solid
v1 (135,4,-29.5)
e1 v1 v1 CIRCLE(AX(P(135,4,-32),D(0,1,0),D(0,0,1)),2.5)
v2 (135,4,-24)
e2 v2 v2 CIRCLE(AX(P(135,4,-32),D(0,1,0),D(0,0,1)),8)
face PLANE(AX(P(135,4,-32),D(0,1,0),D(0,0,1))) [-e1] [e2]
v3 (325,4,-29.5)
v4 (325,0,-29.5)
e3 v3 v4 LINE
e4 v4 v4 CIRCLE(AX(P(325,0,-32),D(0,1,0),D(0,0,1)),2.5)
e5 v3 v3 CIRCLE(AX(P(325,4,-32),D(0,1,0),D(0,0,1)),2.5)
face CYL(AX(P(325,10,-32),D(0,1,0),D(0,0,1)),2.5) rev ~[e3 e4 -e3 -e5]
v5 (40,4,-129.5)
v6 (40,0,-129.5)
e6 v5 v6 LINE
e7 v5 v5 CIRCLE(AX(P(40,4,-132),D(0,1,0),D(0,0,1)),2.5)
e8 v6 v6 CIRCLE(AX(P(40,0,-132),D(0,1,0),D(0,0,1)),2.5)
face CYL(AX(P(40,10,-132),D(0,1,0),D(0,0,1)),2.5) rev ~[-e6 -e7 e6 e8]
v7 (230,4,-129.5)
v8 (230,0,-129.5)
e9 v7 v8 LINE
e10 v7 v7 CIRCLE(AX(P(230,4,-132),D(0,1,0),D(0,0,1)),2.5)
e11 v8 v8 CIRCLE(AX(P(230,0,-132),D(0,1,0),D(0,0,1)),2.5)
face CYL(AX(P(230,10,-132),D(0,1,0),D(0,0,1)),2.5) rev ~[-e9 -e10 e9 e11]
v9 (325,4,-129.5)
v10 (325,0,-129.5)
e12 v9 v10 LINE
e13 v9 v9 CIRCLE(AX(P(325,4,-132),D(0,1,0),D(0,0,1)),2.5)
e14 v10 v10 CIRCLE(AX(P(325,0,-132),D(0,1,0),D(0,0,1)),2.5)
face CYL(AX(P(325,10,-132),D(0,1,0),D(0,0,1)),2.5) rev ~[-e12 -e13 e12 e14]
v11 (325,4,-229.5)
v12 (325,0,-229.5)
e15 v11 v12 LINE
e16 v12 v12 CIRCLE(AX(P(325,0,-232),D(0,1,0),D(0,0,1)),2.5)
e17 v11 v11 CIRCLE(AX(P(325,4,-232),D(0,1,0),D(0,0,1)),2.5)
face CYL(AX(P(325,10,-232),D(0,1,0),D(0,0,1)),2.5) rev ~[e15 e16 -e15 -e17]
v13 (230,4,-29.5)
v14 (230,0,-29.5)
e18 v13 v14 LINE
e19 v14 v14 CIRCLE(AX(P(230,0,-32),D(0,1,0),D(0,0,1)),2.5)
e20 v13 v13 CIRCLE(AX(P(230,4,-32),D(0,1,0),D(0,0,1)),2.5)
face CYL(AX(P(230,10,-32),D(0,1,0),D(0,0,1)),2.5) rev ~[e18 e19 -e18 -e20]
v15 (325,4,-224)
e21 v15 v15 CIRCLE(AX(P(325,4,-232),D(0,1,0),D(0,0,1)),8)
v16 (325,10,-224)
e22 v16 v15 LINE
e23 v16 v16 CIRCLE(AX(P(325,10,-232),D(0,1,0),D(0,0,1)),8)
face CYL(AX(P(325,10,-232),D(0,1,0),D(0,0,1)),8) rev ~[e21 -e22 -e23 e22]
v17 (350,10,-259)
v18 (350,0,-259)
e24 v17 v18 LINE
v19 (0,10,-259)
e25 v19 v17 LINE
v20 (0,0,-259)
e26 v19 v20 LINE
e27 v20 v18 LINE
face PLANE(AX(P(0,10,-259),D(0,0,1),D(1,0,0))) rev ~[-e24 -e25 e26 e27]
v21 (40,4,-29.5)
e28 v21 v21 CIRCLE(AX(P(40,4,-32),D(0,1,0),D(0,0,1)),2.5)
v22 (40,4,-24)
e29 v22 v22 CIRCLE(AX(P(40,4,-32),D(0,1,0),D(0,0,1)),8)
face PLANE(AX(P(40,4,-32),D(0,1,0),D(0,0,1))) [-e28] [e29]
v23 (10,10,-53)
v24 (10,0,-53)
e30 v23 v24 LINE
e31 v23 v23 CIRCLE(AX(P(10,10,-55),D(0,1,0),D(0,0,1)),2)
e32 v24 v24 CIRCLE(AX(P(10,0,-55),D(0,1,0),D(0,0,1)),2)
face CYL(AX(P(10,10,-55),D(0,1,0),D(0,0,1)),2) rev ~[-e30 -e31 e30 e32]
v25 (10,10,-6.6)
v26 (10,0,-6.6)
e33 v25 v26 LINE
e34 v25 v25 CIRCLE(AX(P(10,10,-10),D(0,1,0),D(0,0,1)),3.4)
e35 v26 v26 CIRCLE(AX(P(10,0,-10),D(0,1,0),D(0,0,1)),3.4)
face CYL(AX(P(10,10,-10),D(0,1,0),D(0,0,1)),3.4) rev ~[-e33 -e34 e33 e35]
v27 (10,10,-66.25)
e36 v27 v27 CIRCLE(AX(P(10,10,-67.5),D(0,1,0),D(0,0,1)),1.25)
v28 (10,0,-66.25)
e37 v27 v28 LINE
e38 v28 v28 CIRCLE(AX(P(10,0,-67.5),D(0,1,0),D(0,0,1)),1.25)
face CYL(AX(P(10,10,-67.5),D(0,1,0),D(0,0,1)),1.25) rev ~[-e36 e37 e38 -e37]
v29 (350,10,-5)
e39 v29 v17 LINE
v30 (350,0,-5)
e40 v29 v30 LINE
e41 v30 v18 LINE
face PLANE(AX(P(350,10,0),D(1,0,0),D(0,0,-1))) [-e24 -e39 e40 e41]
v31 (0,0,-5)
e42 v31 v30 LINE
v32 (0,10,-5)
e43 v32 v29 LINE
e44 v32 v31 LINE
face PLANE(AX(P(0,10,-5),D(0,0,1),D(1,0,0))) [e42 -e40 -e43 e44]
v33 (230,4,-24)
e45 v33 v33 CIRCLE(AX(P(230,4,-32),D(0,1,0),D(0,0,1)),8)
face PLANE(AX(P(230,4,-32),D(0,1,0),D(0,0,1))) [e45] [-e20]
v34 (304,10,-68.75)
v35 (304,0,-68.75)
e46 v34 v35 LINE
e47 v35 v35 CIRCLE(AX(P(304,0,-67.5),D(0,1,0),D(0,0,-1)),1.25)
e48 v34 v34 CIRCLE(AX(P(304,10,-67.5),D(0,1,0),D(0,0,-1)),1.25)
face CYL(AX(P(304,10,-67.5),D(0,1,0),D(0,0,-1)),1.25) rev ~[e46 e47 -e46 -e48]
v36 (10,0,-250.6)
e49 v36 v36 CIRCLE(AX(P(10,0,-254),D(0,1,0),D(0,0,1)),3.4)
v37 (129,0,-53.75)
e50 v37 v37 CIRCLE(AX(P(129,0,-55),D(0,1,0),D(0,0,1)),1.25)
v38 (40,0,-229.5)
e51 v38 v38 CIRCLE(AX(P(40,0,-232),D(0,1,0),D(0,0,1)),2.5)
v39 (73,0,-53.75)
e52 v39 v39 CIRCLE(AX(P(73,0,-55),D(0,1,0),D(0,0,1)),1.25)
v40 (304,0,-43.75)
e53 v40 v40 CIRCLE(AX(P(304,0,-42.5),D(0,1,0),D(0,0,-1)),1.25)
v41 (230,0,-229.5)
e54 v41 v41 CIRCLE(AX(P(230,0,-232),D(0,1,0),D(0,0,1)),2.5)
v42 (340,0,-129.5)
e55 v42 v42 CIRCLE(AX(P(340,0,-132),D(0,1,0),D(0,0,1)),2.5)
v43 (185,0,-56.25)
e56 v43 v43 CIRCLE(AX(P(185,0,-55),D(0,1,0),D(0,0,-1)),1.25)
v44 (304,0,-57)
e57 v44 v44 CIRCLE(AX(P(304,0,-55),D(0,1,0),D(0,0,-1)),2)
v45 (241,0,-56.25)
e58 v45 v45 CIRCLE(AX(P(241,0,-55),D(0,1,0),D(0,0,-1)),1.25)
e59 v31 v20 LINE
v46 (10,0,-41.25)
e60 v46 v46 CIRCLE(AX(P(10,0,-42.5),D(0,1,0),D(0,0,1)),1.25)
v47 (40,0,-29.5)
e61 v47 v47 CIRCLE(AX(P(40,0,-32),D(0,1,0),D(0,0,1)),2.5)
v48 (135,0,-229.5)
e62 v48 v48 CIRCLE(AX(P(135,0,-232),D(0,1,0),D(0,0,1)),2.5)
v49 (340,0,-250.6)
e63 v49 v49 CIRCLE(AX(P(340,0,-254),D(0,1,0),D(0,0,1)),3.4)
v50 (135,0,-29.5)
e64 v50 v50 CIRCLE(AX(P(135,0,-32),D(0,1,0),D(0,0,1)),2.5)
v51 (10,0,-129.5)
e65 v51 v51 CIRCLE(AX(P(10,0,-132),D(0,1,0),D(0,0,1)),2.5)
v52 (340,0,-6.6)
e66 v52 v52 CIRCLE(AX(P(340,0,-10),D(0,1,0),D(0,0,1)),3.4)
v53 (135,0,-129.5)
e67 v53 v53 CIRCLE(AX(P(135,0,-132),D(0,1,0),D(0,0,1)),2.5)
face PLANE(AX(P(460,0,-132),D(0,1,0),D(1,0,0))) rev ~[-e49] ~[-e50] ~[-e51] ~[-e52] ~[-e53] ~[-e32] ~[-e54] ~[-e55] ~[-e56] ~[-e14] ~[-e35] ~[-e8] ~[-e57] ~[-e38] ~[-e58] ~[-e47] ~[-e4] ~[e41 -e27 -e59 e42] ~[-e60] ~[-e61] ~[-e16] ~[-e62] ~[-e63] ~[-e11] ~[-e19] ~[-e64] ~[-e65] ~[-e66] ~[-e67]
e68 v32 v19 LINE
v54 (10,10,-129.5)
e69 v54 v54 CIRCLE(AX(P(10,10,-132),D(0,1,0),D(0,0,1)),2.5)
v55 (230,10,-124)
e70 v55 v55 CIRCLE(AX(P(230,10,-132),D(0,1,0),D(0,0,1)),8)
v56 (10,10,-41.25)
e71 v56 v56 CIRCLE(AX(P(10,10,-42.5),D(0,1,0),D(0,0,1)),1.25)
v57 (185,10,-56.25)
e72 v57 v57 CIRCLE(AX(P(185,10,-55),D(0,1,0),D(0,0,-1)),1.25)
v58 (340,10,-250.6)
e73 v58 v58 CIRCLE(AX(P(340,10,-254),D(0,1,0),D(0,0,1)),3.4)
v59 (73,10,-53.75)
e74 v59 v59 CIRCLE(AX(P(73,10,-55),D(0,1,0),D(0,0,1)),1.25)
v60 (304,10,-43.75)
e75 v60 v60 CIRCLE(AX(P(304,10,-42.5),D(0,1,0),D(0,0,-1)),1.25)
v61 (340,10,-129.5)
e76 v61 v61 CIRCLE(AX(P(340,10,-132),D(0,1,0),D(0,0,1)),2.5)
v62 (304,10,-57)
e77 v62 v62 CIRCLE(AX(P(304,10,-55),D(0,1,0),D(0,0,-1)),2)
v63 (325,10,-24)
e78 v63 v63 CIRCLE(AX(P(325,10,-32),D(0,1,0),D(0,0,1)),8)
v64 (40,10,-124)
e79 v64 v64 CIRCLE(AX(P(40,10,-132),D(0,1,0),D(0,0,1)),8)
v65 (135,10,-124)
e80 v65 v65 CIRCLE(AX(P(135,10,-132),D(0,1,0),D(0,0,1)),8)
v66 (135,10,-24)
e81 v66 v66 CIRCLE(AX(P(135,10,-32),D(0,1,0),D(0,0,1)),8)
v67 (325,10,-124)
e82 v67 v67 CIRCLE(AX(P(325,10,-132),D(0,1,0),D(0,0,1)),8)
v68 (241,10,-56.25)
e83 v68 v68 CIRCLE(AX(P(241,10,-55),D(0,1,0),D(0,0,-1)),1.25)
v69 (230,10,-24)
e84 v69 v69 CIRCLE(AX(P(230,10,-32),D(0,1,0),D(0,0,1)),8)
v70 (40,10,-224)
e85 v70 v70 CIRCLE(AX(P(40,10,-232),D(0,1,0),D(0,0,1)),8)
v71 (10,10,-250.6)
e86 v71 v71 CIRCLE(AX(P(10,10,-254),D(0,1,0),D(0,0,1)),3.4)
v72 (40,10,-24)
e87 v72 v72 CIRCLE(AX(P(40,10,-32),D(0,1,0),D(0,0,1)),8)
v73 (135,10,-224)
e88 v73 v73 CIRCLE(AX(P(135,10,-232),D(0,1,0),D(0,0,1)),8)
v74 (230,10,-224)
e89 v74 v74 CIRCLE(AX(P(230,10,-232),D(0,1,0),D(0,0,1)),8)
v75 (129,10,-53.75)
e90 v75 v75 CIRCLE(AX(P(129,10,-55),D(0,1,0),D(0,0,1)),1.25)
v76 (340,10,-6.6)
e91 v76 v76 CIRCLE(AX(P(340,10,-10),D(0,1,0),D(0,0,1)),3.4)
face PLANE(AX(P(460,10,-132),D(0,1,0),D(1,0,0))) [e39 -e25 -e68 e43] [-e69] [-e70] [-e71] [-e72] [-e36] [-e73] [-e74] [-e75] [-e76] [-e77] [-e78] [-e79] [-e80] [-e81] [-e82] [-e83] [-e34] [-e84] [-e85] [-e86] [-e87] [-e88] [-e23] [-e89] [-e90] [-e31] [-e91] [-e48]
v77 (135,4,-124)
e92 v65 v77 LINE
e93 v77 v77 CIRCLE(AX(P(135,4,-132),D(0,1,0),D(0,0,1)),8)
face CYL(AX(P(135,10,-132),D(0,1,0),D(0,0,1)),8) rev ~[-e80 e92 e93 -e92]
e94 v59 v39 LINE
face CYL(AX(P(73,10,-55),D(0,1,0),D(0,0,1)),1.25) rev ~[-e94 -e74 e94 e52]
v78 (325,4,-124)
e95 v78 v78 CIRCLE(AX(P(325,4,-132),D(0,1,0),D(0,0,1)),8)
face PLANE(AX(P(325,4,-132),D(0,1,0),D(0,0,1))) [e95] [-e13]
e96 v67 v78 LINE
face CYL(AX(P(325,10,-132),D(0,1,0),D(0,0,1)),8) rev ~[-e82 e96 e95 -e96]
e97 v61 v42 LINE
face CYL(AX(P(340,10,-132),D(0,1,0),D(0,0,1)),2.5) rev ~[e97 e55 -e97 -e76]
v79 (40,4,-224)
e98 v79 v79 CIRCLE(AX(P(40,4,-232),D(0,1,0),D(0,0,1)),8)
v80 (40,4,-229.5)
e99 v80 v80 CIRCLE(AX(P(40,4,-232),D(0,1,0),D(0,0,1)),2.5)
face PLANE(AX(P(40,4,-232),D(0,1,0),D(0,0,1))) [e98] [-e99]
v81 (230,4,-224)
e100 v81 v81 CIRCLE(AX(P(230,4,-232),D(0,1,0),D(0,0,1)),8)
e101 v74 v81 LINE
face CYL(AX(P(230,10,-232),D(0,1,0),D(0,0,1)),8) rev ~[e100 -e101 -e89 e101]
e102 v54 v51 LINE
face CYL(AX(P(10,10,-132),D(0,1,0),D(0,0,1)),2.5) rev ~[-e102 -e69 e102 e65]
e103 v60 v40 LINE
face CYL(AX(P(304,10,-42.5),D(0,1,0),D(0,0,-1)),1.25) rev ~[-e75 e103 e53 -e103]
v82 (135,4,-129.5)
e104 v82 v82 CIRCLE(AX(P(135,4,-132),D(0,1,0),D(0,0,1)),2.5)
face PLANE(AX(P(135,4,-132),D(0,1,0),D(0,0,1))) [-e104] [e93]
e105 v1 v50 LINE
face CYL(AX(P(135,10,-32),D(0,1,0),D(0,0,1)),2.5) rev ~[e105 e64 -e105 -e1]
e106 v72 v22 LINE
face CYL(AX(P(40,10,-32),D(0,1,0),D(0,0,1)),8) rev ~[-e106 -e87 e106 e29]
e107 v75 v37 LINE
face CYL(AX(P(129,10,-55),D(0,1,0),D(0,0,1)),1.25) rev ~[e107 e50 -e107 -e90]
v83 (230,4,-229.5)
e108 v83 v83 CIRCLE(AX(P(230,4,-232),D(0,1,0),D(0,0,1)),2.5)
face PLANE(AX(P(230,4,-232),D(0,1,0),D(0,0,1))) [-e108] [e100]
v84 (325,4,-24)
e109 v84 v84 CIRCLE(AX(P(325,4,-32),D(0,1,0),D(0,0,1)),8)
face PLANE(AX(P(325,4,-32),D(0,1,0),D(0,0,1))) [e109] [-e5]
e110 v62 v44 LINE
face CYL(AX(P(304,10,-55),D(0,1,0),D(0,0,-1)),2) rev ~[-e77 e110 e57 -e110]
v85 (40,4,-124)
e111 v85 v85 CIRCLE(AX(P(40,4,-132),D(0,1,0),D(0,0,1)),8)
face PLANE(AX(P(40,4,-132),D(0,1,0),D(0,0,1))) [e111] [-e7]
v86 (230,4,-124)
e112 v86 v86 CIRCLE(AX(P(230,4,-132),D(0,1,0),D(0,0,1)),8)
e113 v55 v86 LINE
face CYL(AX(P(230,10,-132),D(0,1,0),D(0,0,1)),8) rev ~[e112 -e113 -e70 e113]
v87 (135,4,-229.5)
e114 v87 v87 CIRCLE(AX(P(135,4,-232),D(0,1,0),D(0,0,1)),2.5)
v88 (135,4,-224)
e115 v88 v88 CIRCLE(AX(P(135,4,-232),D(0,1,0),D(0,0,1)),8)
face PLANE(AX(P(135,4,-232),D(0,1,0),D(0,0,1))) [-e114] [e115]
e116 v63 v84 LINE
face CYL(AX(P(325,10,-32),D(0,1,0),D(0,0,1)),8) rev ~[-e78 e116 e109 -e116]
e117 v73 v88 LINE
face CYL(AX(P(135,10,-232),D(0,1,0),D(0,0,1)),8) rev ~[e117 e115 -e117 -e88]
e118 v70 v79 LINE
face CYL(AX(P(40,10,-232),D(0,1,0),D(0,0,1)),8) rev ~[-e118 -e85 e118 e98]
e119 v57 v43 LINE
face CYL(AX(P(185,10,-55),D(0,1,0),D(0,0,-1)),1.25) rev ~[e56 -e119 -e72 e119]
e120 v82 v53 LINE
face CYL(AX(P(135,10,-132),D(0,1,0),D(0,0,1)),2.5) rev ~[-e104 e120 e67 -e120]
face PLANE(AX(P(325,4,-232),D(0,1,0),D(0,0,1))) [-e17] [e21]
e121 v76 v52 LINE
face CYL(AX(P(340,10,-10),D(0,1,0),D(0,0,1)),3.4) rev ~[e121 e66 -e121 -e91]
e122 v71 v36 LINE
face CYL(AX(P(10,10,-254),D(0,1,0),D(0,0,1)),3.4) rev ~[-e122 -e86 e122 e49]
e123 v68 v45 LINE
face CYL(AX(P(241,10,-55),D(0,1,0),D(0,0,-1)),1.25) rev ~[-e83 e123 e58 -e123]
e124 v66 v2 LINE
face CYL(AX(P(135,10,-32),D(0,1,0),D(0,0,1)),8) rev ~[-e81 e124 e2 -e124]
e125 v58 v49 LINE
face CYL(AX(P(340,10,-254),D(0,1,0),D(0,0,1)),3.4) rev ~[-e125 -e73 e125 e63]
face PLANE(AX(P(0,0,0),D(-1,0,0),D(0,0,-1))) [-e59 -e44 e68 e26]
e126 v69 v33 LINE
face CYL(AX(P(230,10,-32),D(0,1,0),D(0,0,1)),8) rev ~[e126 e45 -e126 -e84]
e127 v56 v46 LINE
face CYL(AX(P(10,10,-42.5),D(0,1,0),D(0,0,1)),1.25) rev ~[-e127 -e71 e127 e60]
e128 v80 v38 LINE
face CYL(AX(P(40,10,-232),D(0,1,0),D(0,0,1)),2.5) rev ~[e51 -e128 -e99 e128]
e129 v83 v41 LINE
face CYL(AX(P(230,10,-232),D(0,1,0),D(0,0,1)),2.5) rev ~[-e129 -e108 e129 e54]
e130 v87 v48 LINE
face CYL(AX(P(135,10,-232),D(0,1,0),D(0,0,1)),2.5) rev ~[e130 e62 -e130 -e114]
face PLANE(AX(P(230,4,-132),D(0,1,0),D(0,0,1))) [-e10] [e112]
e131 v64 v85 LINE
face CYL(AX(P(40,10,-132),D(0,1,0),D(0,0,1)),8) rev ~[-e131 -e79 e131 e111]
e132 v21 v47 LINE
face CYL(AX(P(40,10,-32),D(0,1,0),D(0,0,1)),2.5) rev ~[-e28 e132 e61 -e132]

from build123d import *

# Parameters (mm, degrees)
SKETCH2_W           = 920
SKETCH2_H           = 264
BOSS_EXTRUDE1_DEPTH = 10
SKETCH1_R           = 2.5
CUT_EXTRUDE2_DEPTH  = 18
SKETCH3_R           = 8
CUT_EXTRUDE3_DEPTH  = 6
SKETCH4_W           = 570
SKETCH4_H           = 264
CUT_EXTRUDE4_DEPTH  = 20
SKETCH7_R           = 3.4
SKETCH7_R_2         = 2.5
CUT_EXTRUDE5_DEPTH  = 20
SKETCH8_W           = 350
SKETCH8_H           = 5
CUT_EXTRUDE6_DEPTH  = 10
SKETCH9_R           = 1.25
SKETCH9_R_2         = 2
CUT_EXTRUDE7_DEPTH  = 10


with BuildPart() as part:
    # Sketch2 → Boss-Extrude1 (new body)
    with BuildSketch(Plane(origin=(0, 0, 0), x_dir=(1, 0, 0), z_dir=(0, 1, 0))):
        with Locations((460, 132)):
            Rectangle(SKETCH2_W, SKETCH2_H)
    extrude(amount=BOSS_EXTRUDE1_DEPTH)

    # Sketch1 → Cut-Extrude2 (cut)
    with BuildSketch(Plane(origin=(0, 10, 0), x_dir=(1, 0, 0), z_dir=(0, 1, 0))):
        with Locations(Location((40, 32, 0), (0, 0, 270))):
            Circle(SKETCH1_R)
        with Locations(Location((135, 32, 0), (0, 0, 270))):
            Circle(SKETCH1_R)
        with Locations(Location((230, 32, 0), (0, 0, 270))):
            Circle(SKETCH1_R)
        with Locations(Location((325, 32, 0), (0, 0, 270))):
            Circle(SKETCH1_R)
        with Locations(Location((420, 32, 0), (0, 0, 270))):
            Circle(SKETCH1_R)
        with Locations(Location((515, 32, 0), (0, 0, 270))):
            Circle(SKETCH1_R)
        with Locations(Location((610, 32, 0), (0, 0, 270))):
            Circle(SKETCH1_R)
        with Locations(Location((705, 32, 0), (0, 0, 270))):
            Circle(SKETCH1_R)
        with Locations(Location((800, 32, 0), (0, 0, 270))):
            Circle(SKETCH1_R)
        with Locations(Location((895, 32, 0), (0, 0, 270))):
            Circle(SKETCH1_R)
        with Locations(Location((135, 132, 0), (0, 0, 270))):
            Circle(SKETCH1_R)
        with Locations(Location((230, 132, 0), (0, 0, 270))):
            Circle(SKETCH1_R)
        with Locations(Location((325, 132, 0), (0, 0, 270))):
            Circle(SKETCH1_R)
        with Locations(Location((420, 132, 0), (0, 0, 270))):
            Circle(SKETCH1_R)
        with Locations(Location((515, 132, 0), (0, 0, 270))):
            Circle(SKETCH1_R)
        with Locations(Location((610, 132, 0), (0, 0, 270))):
            Circle(SKETCH1_R)
        with Locations(Location((705, 132, 0), (0, 0, 270))):
            Circle(SKETCH1_R)
        with Locations(Location((800, 132, 0), (0, 0, 270))):
            Circle(SKETCH1_R)
        with Locations(Location((895, 132, 0), (0, 0, 270))):
            Circle(SKETCH1_R)
        with Locations(Location((135, 232, 0), (0, 0, 270))):
            Circle(SKETCH1_R)
        with Locations(Location((230, 232, 0), (0, 0, 270))):
            Circle(SKETCH1_R)
        with Locations(Location((325, 232, 0), (0, 0, 270))):
            Circle(SKETCH1_R)
        with Locations(Location((420, 232, 0), (0, 0, 270))):
            Circle(SKETCH1_R)
        with Locations(Location((515, 232, 0), (0, 0, 270))):
            Circle(SKETCH1_R)
        with Locations(Location((610, 232, 0), (0, 0, 270))):
            Circle(SKETCH1_R)
        with Locations(Location((705, 232, 0), (0, 0, 270))):
            Circle(SKETCH1_R)
        with Locations(Location((800, 232, 0), (0, 0, 270))):
            Circle(SKETCH1_R)
        with Locations(Location((895, 232, 0), (0, 0, 270))):
            Circle(SKETCH1_R)
        with Locations(Location((40, 132, 0), (0, 0, 270))):
            Circle(SKETCH1_R)
        with Locations(Location((40, 232, 0), (0, 0, 270))):
            Circle(SKETCH1_R)
    extrude(amount=-CUT_EXTRUDE2_DEPTH, mode=Mode.SUBTRACT)

    # Sketch3 → Cut-Extrude3 (cut)
    with BuildSketch(Plane(origin=(0, 10, 0), x_dir=(1, 0, 0), z_dir=(0, 1, 0))):
        with Locations(Location((40, 32, 0), (0, 0, 270))):
            Circle(SKETCH3_R)
        with Locations(Location((135, 32, 0), (0, 0, 270))):
            Circle(SKETCH3_R)
        with Locations(Location((230, 32, 0), (0, 0, 270))):
            Circle(SKETCH3_R)
        with Locations(Location((325, 32, 0), (0, 0, 270))):
            Circle(SKETCH3_R)
        with Locations(Location((420, 32, 0), (0, 0, 270))):
            Circle(SKETCH3_R)
        with Locations(Location((515, 32, 0), (0, 0, 270))):
            Circle(SKETCH3_R)
        with Locations(Location((610, 32, 0), (0, 0, 270))):
            Circle(SKETCH3_R)
        with Locations(Location((705, 32, 0), (0, 0, 270))):
            Circle(SKETCH3_R)
        with Locations(Location((800, 32, 0), (0, 0, 270))):
            Circle(SKETCH3_R)
        with Locations(Location((895, 32, 0), (0, 0, 270))):
            Circle(SKETCH3_R)
        with Locations(Location((135, 132, 0), (0, 0, 270))):
            Circle(SKETCH3_R)
        with Locations(Location((230, 132, 0), (0, 0, 270))):
            Circle(SKETCH3_R)
        with Locations(Location((325, 132, 0), (0, 0, 270))):
            Circle(SKETCH3_R)
        with Locations(Location((420, 132, 0), (0, 0, 270))):
            Circle(SKETCH3_R)
        with Locations(Location((515, 132, 0), (0, 0, 270))):
            Circle(SKETCH3_R)
        with Locations(Location((610, 132, 0), (0, 0, 270))):
            Circle(SKETCH3_R)
        with Locations(Location((705, 132, 0), (0, 0, 270))):
            Circle(SKETCH3_R)
        with Locations(Location((800, 132, 0), (0, 0, 270))):
            Circle(SKETCH3_R)
        with Locations(Location((895, 132, 0), (0, 0, 270))):
            Circle(SKETCH3_R)
        with Locations(Location((135, 232, 0), (0, 0, 270))):
            Circle(SKETCH3_R)
        with Locations(Location((230, 232, 0), (0, 0, 270))):
            Circle(SKETCH3_R)
        with Locations(Location((325, 232, 0), (0, 0, 270))):
            Circle(SKETCH3_R)
        with Locations(Location((420, 232, 0), (0, 0, 270))):
            Circle(SKETCH3_R)
        with Locations(Location((515, 232, 0), (0, 0, 270))):
            Circle(SKETCH3_R)
        with Locations(Location((610, 232, 0), (0, 0, 270))):
            Circle(SKETCH3_R)
        with Locations(Location((705, 232, 0), (0, 0, 270))):
            Circle(SKETCH3_R)
        with Locations(Location((800, 232, 0), (0, 0, 270))):
            Circle(SKETCH3_R)
        with Locations(Location((895, 232, 0), (0, 0, 270))):
            Circle(SKETCH3_R)
        with Locations(Location((40, 132, 0), (0, 0, 270))):
            Circle(SKETCH3_R)
        with Locations(Location((40, 232, 0), (0, 0, 270))):
            Circle(SKETCH3_R)
    extrude(amount=-CUT_EXTRUDE3_DEPTH, mode=Mode.SUBTRACT)

    # Sketch4 → Cut-Extrude4 (cut)
    with BuildSketch(Plane(origin=(0, 10, 0), x_dir=(1, 0, 0), z_dir=(0, 1, 0))):
        with Locations((635, 132)):
            Rectangle(SKETCH4_W, SKETCH4_H)
    extrude(amount=-CUT_EXTRUDE4_DEPTH, mode=Mode.SUBTRACT)

    # Sketch7 → Cut-Extrude5 (cut)
    with BuildSketch(Plane(origin=(0, 10, 0), x_dir=(1, 0, 0), z_dir=(0, 1, 0))):
        with Locations(Location((10, 254, 0), (0, 0, 270))):
            Circle(SKETCH7_R)
        with Locations(Location((340, 254, 0), (0, 0, 270))):
            Circle(SKETCH7_R)
        with Locations(Location((340, 10, 0), (0, 0, 270))):
            Circle(SKETCH7_R)
        with Locations(Location((10, 10, 0), (0, 0, 270))):
            Circle(SKETCH7_R)
        with Locations(Location((10, 132, 0), (0, 0, 270))):
            Circle(SKETCH7_R_2)
        with Locations(Location((340, 132, 0), (0, 0, 270))):
            Circle(SKETCH7_R_2)
    extrude(amount=-CUT_EXTRUDE5_DEPTH, mode=Mode.SUBTRACT)

    # Sketch8 → Cut-Extrude6 (cut)
    with BuildSketch(Plane(origin=(0, 10, 0), x_dir=(1, 0, 0), z_dir=(0, 1, 0))):
        with Locations((175, 261.5)):
            Rectangle(SKETCH8_W, SKETCH8_H)
        with Locations((175, 2.5)):
            Rectangle(SKETCH8_W, SKETCH8_H)
    extrude(amount=-CUT_EXTRUDE6_DEPTH, mode=Mode.SUBTRACT)

    # Sketch9 → Cut-Extrude7 (cut)
    with BuildSketch(Plane(origin=(0, 10, 0), x_dir=(1, 0, 0), z_dir=(0, 1, 0))):
        with Locations(Location((10, 67.5, 0), (0, 0, 270))):
            Circle(SKETCH9_R)
        with Locations(Location((10, 42.5, 0), (0, 0, 270))):
            Circle(SKETCH9_R)
        with Locations(Location((304, 67.5, 0), (0, 0, 90))):
            Circle(SKETCH9_R)
        with Locations(Location((304, 42.5, 0), (0, 0, 90))):
            Circle(SKETCH9_R)
        with Locations(Location((73, 55, 0), (0, 0, 270))):
            Circle(SKETCH9_R)
        with Locations(Location((129, 55, 0), (0, 0, 270))):
            Circle(SKETCH9_R)
        with Locations(Location((185, 55, 0), (0, 0, 90))):
            Circle(SKETCH9_R)
        with Locations(Location((241, 55, 0), (0, 0, 90))):
            Circle(SKETCH9_R)
        with Locations(Location((10, 55, 0), (0, 0, 270))):
            Circle(SKETCH9_R_2)
        with Locations(Location((304, 55, 0), (0, 0, 90))):
            Circle(SKETCH9_R_2)
    extrude(amount=-CUT_EXTRUDE7_DEPTH, mode=Mode.SUBTRACT)


solid = part.part
